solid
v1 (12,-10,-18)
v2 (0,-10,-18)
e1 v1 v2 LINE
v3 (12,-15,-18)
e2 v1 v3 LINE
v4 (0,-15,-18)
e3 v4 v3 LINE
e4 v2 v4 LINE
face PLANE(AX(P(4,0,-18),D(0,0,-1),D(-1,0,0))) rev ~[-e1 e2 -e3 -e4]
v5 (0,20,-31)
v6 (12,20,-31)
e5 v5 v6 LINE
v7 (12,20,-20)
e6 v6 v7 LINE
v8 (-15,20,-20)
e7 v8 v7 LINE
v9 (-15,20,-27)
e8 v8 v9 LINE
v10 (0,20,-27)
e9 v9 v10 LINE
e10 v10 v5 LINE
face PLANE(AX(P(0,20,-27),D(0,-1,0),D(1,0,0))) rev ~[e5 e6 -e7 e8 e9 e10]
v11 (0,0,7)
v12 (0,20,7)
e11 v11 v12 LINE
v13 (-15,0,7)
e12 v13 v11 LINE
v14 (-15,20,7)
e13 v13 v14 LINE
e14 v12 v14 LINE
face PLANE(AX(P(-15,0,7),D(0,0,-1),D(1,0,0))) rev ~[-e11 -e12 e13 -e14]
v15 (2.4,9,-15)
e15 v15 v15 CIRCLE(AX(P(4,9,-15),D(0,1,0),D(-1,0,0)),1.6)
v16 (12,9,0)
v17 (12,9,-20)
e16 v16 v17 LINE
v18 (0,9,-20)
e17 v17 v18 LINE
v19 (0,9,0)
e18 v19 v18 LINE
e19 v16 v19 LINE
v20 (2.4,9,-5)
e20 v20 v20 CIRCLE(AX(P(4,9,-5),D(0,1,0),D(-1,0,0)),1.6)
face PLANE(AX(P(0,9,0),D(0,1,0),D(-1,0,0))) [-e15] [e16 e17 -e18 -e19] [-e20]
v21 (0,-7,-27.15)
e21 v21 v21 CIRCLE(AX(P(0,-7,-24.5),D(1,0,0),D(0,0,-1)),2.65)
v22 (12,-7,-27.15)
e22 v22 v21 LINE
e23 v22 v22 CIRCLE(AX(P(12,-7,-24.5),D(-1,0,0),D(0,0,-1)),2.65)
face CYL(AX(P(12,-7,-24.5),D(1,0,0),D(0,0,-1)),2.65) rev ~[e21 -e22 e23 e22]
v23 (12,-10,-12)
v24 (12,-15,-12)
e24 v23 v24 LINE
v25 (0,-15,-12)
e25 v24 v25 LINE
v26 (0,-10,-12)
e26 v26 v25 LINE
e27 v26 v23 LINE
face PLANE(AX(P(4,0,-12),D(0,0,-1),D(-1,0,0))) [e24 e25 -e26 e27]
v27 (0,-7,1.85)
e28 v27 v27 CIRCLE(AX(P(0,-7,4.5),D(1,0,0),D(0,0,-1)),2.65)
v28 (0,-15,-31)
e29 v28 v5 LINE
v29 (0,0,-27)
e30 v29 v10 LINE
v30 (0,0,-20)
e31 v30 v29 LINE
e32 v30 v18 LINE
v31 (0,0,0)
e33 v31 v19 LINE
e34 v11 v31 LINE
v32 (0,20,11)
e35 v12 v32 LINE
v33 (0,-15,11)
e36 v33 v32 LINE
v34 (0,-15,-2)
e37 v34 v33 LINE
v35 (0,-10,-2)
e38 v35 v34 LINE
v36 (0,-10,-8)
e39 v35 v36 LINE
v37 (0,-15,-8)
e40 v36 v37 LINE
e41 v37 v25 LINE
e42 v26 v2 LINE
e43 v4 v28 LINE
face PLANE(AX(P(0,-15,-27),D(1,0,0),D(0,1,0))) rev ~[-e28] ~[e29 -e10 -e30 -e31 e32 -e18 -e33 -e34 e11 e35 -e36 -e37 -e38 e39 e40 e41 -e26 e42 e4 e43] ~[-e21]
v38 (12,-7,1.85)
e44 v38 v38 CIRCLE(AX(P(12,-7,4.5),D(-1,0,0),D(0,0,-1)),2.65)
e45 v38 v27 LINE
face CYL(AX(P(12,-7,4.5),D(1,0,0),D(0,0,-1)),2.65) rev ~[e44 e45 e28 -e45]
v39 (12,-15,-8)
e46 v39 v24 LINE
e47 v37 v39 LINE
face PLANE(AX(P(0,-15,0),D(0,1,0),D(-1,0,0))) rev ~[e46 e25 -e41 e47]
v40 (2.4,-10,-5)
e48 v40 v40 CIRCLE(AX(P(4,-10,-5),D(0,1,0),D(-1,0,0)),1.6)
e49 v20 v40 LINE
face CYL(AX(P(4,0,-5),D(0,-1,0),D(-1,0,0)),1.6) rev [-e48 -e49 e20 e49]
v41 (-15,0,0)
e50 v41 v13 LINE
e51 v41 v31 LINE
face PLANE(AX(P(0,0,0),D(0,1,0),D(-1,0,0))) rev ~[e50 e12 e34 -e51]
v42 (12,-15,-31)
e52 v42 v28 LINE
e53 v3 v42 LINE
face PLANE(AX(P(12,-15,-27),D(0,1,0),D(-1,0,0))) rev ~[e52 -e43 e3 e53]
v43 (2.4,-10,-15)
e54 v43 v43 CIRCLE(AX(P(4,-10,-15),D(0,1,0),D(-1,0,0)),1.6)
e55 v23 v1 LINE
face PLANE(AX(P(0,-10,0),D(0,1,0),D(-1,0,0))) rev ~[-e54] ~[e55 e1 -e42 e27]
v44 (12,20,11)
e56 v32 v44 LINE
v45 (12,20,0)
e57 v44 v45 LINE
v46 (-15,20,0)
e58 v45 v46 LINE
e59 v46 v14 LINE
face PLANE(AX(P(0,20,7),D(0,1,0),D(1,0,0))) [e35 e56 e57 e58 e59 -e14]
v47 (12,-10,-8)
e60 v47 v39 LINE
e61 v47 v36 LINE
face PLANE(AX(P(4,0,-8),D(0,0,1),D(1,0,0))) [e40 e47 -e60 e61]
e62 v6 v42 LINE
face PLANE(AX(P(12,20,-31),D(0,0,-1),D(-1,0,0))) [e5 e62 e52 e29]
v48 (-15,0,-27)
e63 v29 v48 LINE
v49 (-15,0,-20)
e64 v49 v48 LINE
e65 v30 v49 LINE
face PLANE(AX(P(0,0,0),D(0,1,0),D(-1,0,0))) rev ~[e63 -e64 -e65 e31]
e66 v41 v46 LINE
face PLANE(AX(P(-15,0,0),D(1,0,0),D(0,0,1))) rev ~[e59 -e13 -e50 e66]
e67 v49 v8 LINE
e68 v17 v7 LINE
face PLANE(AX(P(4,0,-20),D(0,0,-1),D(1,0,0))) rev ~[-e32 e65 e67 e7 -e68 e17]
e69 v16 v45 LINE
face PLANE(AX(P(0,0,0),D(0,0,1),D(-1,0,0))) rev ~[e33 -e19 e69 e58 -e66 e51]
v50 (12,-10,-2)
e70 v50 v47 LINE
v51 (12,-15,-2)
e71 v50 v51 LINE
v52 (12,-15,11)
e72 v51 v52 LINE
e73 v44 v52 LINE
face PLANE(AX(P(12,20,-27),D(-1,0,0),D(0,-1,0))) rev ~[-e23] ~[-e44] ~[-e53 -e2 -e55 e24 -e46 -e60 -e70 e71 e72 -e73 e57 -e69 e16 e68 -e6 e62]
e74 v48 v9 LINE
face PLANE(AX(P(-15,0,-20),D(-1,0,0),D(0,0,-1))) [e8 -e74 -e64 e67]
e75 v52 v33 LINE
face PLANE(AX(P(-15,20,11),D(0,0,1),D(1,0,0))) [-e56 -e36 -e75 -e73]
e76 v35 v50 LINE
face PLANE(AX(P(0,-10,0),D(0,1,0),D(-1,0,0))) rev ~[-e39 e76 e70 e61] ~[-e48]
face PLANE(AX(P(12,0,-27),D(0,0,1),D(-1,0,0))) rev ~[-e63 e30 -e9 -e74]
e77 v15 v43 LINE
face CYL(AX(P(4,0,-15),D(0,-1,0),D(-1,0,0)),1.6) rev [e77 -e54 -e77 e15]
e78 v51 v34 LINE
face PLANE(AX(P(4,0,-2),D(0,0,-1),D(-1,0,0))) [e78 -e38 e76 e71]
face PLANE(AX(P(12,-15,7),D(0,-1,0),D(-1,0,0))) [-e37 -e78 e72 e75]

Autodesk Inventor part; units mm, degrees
ref_plane "YZ Plane" through (0, 0, 0) normal (1, 0, 0) x (0, 1, 0)
ref_plane "XZ Plane" through (0, 0, 0) normal (0, 1, 0) x (-1, 0, 0)
ref_plane "XY Plane" through (0, 0, 0) normal (0, 0, 1) x (1, 0, 0)
sketch "Sketch1" plane through (0, 0, 0) normal (0, 1, 0) x (-1, 0, 0)
  line L0 (0, 0) -> (0, -20)
  line L1 (0, -20) -> (15, -20)
  line L2 (15, -20) -> (15, -27)
  line L3 (15, -27) -> (0, -27)
  line L4 (0, 0) -> (15, 0)
  line L5 (15, 0) -> (15, 7)
  line L6 (15, 7) -> (0, 7)
  line L7 (-4, -20) -> (0, -20)
  circle A0 centre (-4, -5) radius 1.6
  circle A1 centre (-4, -15) radius 1.6
  line L8 (0, 7) -> (-12, 7)
  line L9 (-12, 7) -> (-12, -27)
  line L10 (-12, -27) -> (0, -27)
  line L11 (0, -20) -> (-12, -20)
  line L12 (-12, 0) -> (-12, 7)
  line L13 (0, 0) -> (-4, 0)
  line L14 (-4, 0) -> (-12, 0)
  line L15 (15, 0) -> (-12, 0)
  line L16 (0, 7) -> (0, 0)
  line L17 (0, -20) -> (0, -27)
  line L18 (-4, -8) -> (-12, -8)
  line L19 (-4, -8) -> (0, -8)
  line L20 (-4, -2) -> (-12, -2)
  line L21 (-4, -2) -> (0, -2)
  line L22 (-4, -18) -> (0, -18)
  line L23 (-4, -18) -> (-12, -18)
  line L24 (-4, -12) -> (-12, -12)
  line L25 (-4, -12) -> (0, -12)
  dimension "d0" = 20
  dimension "d1" = 15
  dimension "d2" = 7
  dimension "d4" = 7
  dimension "d5" = 4
extrude "Extrusion1" add sketch "Sketch1" along normal blind 20 contours L16 L6 L5 L4 | L13 L14 L9 L8 L16 | L17 L10 L9 L11 L7 | L1 L2 L3 L17
extrude "Extrusion2" add sketch "Sketch1" along normal blind 9 contours L0 L21 L20 L9 L14 L13 | L0 L19 L18 L9 L20 L21 | L0 L25 L24 L9 L18 L19 | L0 L22 L23 L9 L24 L25 | L0 L7 L11 L9 L23 L22
extrude "Extrusion3" add sketch "Sketch1" against normal blind 15 contours L0 L21 L20 L9 L14 L13 | L13 L14 L9 L8 L16 | L0 L25 L24 L9 L18 L19 | L0 L7 L11 L9 L23 L22 | L17 L10 L9 L11 L7
extrude "Extrusion4" add sketch "Sketch1" against normal blind 10 contours L0 L19 L18 L9 L20 L21 | L0 L22 L23 L9 L24 L25
sketch "Sketch2" plane through (-15, 20, 7) normal (0, 0, 1) x (1, 0, 0)
  line L0 (15, -20) -> (15, 0)
  line L1 (0, 0) -> (27, 0) projected
  line L2 (15, 0) -> (27, 0)
  line L3 (27, 0) -> (27, -35)
  line L4 (27, -35) -> (15, -35)
  line L5 (15, -35) -> (15, -20)
extrude "Extrusion5" add sketch "Sketch2" along normal blind 4
sketch "Sketch3" plane through (12, 20, -27) normal (0, 0, -1) x (-1, 0, 0)
  line L0 (0, -35) -> (12, -35)
  line L1 (12, -35) -> (12, 0)
  line L2 (12, 0) -> (0, 0)
  line L3 (27, 0) -> (0, 0) projected
  line L4 (0, 0) -> (0, -35)
  line L5 (0, -35) -> (0, 0) projected
  point P0 (12, -20)
extrude "Extrusion6" add sketch "Sketch3" along normal blind 4
sketch "Sketch4" plane through (12, 9, -20) normal (1, 0, 0) x (0, 0, -1)
  line L0 (-31, -24) -> (-18, -24)
  line L1 (-18, -24) -> (-31, -24) projected
  line L2 (-24.5, -24) -> (-24.5, -16)
  line L3 (-2, -24) -> (11, -24)
  line L4 (4.5, -24) -> (4.5, -16)
  circle A0 centre (-24.5, -16) radius 2.65
  circle A1 centre (4.5, -16) radius 2.65
  point P0 (-20, -9)
  dimension "d27" = 8
  dimension "d28" = 8
  dimension "d29" = 5.3
  dimension "d30" = 5.3
extrude "Extrusion7" cut sketch "Sketch4" against normal blind 13
properties part number "servo_clip_holder1"
